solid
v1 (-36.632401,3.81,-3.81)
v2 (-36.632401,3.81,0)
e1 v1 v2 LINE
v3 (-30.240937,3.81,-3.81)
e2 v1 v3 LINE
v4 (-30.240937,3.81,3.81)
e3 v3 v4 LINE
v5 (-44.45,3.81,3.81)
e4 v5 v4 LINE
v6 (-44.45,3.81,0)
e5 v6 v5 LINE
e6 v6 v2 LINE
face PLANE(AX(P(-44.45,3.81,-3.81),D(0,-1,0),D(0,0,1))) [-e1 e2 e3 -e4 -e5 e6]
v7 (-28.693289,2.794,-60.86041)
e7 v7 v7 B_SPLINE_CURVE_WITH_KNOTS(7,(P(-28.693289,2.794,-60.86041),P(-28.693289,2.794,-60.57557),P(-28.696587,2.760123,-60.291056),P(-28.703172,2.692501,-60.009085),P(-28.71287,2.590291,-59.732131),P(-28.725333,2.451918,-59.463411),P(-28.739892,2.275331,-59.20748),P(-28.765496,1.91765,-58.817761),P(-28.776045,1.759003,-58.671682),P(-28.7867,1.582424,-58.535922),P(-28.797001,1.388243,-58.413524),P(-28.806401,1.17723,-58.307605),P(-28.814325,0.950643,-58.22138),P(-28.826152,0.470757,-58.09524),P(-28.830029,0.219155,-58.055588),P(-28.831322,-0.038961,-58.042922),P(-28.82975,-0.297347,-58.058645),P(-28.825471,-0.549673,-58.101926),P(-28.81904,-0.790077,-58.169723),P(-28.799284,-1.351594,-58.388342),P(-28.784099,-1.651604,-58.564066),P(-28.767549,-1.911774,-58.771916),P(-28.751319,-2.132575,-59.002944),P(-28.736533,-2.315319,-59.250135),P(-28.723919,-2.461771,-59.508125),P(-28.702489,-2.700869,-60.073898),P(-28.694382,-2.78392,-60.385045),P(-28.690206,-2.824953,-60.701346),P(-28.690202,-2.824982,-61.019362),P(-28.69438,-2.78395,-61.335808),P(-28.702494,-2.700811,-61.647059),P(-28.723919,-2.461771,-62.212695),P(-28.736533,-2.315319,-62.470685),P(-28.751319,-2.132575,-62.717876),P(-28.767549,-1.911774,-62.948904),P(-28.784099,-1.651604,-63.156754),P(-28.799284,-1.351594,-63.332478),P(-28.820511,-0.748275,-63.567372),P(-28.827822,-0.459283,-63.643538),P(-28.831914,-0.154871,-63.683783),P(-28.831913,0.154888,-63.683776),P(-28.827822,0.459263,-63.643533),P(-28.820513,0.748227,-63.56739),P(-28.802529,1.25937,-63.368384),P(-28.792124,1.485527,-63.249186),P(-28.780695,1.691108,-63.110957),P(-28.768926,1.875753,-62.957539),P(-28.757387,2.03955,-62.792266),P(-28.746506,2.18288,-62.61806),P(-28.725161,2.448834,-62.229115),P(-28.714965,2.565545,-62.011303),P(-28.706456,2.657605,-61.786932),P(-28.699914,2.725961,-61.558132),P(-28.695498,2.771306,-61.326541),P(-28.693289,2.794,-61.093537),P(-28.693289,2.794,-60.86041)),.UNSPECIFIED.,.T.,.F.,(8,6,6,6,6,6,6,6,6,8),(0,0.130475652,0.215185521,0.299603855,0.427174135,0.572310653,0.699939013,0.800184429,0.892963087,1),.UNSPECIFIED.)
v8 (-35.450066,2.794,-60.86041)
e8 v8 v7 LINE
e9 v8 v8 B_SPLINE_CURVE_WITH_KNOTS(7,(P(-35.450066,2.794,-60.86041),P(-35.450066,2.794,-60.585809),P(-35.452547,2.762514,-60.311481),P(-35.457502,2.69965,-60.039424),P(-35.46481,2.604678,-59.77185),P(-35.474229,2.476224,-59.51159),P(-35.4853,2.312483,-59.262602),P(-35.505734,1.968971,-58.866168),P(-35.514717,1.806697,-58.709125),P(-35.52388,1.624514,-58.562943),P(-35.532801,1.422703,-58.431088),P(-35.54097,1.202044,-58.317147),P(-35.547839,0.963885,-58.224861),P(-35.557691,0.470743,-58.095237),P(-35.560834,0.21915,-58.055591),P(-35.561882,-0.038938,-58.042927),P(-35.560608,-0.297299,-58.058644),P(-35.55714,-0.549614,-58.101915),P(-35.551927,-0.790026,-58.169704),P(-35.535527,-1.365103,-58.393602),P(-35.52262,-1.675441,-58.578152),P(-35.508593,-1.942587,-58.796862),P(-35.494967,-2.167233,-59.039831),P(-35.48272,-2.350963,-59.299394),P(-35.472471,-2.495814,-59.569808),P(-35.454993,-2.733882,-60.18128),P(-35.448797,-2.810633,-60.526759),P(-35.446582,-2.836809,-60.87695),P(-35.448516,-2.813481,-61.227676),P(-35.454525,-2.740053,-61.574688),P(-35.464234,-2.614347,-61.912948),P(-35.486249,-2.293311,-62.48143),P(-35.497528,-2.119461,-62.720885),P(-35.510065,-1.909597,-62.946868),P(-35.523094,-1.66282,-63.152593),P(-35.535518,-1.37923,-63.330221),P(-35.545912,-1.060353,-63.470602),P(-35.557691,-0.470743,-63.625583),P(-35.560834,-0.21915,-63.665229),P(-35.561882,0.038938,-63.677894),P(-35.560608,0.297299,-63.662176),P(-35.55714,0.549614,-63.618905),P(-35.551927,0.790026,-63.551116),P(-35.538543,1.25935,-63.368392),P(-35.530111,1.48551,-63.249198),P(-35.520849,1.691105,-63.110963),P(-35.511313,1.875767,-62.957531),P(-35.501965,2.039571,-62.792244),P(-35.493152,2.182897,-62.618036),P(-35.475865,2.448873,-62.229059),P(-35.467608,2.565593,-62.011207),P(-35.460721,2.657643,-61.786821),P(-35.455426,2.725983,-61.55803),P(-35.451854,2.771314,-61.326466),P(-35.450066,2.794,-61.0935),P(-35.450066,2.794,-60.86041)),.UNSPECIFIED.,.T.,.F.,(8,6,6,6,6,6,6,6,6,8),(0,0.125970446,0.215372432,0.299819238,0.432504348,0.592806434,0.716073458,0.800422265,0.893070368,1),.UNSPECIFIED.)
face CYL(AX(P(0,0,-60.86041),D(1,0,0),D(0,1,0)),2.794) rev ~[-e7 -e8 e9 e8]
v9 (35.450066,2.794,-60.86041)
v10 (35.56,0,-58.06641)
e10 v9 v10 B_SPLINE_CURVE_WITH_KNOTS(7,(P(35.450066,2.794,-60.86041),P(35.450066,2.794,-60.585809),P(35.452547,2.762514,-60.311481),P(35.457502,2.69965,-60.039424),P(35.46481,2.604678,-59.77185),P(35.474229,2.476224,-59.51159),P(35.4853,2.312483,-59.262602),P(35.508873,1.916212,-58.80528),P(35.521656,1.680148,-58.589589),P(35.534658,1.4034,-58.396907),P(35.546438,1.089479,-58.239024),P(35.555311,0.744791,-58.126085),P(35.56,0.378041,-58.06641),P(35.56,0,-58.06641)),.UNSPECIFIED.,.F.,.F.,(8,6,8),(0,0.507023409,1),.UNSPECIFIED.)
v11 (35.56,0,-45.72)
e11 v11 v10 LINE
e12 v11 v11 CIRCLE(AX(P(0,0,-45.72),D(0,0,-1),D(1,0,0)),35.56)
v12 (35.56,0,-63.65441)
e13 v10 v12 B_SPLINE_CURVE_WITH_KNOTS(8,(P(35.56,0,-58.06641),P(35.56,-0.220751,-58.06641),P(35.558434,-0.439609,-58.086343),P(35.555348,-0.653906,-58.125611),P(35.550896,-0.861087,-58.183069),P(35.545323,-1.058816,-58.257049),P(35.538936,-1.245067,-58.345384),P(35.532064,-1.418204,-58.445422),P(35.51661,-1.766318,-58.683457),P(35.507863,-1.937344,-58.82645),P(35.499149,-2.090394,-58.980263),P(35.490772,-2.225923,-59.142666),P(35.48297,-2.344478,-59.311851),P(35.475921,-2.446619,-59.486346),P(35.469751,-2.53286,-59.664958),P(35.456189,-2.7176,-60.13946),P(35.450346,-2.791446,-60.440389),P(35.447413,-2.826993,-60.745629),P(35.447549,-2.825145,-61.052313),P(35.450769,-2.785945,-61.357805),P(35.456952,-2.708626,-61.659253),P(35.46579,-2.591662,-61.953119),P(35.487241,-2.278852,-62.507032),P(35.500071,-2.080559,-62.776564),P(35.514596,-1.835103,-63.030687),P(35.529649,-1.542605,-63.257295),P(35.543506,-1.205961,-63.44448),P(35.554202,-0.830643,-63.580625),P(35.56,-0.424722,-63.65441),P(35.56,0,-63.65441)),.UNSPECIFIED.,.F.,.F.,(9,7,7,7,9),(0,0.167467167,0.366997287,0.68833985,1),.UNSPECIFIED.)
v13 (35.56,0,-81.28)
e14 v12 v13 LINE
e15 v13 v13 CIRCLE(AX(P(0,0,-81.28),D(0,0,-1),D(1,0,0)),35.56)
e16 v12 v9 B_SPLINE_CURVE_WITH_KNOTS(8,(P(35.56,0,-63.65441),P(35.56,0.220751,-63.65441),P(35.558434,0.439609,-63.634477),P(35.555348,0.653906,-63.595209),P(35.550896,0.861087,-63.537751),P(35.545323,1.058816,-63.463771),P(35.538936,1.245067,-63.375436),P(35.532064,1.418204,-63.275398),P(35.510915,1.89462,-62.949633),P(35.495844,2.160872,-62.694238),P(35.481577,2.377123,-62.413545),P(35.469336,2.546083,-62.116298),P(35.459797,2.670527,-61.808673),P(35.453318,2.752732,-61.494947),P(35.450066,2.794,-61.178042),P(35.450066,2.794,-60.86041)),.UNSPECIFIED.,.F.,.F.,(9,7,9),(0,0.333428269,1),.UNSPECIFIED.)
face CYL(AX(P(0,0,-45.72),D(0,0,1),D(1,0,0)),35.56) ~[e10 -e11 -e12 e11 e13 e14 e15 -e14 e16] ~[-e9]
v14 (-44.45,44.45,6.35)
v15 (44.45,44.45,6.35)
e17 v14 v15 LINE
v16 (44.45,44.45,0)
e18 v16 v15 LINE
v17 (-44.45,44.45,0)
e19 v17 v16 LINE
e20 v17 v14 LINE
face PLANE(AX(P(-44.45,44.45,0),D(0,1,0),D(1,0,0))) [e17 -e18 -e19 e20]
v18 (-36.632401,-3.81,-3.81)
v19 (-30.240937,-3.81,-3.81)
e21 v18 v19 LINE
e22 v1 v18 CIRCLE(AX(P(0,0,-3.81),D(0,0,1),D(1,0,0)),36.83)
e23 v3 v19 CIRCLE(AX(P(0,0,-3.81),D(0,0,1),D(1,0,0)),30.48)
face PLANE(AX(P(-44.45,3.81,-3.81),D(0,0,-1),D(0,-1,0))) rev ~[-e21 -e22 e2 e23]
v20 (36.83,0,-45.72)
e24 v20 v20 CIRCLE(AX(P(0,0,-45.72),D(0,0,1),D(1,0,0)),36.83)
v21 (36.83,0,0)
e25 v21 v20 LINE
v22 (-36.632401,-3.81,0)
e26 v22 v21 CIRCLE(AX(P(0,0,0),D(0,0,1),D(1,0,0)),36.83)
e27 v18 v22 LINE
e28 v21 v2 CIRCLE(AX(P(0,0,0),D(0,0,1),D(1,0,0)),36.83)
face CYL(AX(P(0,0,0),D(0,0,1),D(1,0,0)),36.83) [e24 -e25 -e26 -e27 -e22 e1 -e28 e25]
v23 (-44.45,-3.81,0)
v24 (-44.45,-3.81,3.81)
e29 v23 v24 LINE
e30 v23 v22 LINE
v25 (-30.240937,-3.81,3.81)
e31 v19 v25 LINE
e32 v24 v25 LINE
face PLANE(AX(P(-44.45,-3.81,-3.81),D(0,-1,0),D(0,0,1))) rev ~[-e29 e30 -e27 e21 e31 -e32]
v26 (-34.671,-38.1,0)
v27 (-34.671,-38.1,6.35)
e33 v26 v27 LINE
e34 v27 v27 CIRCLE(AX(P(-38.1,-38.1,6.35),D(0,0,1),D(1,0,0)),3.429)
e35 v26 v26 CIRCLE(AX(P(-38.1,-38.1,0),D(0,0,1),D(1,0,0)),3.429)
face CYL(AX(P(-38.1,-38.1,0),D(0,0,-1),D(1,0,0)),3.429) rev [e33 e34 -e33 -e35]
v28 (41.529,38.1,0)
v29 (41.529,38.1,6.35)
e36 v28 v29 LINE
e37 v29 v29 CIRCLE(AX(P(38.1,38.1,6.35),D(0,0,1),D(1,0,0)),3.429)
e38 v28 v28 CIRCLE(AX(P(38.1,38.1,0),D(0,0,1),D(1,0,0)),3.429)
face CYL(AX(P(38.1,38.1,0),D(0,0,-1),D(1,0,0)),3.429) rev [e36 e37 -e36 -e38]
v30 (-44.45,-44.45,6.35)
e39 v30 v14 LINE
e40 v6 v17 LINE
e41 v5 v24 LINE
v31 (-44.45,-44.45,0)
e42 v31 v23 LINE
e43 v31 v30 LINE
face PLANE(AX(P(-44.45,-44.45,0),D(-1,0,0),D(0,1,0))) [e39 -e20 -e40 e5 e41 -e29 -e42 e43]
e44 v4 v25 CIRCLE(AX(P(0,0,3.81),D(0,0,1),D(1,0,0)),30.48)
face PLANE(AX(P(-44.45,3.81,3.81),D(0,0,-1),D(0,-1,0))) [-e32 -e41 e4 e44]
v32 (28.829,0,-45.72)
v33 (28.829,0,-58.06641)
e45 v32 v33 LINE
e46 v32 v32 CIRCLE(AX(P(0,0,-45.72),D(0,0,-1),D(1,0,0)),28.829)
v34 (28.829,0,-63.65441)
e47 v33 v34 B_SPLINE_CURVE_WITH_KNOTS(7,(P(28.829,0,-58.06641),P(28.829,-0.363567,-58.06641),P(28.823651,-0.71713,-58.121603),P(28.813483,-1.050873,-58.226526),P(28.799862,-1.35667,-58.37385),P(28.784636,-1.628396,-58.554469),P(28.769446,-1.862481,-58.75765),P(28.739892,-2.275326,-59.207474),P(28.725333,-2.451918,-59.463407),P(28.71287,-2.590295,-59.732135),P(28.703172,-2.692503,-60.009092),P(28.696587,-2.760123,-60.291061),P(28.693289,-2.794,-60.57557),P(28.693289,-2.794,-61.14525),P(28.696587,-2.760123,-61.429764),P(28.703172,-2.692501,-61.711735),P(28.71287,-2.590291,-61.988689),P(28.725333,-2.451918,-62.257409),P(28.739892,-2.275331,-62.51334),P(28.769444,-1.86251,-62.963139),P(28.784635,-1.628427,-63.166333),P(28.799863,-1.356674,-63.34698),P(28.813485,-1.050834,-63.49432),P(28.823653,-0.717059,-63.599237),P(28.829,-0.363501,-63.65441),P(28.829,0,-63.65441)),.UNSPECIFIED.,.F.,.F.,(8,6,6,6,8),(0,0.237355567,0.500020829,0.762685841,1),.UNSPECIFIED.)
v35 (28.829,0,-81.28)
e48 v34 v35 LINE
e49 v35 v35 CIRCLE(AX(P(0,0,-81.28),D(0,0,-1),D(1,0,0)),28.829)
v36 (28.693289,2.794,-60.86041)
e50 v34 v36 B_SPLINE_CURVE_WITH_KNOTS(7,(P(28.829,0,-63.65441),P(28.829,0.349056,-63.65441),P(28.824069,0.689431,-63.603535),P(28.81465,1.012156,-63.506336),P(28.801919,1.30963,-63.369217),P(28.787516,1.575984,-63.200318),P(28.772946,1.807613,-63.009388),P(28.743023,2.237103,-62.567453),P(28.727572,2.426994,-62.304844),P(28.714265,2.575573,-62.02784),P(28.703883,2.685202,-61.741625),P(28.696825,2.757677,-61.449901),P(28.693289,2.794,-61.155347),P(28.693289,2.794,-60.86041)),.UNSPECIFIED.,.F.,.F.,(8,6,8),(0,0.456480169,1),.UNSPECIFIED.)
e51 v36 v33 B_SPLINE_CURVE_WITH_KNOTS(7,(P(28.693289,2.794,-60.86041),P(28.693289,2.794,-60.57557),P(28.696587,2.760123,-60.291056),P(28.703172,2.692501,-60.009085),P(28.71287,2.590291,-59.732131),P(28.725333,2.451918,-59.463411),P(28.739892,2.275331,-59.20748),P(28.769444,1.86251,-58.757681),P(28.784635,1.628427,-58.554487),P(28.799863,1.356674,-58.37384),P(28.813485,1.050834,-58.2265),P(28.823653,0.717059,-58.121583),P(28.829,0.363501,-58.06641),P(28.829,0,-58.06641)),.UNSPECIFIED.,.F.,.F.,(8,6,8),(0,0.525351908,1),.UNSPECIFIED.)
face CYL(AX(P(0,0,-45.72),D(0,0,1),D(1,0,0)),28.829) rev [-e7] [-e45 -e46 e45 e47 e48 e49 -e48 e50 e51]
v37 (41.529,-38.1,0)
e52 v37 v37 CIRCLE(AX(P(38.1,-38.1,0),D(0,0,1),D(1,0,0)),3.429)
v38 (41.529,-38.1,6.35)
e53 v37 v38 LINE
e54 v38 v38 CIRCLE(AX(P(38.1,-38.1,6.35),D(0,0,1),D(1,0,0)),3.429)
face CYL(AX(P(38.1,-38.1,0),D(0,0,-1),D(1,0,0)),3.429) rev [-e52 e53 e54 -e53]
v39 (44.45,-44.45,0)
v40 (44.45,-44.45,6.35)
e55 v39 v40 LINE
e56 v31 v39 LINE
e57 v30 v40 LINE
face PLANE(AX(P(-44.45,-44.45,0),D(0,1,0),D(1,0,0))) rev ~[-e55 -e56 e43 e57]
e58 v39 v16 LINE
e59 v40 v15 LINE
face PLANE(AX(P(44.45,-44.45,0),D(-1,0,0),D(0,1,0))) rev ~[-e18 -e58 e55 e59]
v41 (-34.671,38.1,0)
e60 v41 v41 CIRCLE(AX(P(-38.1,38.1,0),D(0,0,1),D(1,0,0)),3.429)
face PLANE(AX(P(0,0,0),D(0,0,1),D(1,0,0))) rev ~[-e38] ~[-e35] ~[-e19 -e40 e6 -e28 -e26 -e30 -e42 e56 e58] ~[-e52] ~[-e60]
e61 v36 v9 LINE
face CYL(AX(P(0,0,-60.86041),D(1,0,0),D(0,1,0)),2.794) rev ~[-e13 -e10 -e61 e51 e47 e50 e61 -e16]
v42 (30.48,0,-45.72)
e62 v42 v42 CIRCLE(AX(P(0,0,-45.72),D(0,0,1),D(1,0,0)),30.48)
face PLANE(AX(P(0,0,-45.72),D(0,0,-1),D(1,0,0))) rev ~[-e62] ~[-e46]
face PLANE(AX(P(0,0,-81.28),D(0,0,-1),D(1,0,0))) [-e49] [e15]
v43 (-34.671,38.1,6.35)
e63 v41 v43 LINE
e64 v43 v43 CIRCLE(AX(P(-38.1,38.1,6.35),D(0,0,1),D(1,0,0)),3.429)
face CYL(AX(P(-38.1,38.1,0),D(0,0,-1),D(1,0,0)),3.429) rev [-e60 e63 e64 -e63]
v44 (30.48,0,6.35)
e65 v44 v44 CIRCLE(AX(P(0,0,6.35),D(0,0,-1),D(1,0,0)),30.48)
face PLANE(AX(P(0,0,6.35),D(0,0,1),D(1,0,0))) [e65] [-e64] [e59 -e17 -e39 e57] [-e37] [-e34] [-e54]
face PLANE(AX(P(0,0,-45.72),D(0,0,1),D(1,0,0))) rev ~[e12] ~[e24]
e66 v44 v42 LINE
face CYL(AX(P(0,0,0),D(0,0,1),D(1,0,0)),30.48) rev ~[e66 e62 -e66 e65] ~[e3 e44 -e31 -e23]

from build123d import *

# Parameters (mm, degrees)
F0_W      = 88.9
F0_H      = 88.9
F0_R      = 3.429
F1_DEPTH  = 6.35
F2_R      = 30.48
F3_DEPTH  = 6.351
F4_R      = 36.83
F4_R_2    = 30.48
F5_DEPTH  = 45.72
F6_R      = 35.56
F6_R_2    = 28.829
F7_DEPTH  = 35.56
F9_W      = 7.62
F9_H      = 7.62
F10_DEPTH = 25.49487
F11_R     = 2.794
F12_DEPTH = 44.45


with BuildPart() as f1:
    # F0 (on Top) → F1 (new body)
    with BuildSketch(Plane.XY):
        Rectangle(F0_W, F0_H)
        with Locations((-38.1, -38.1)):
            Circle(F0_R, mode=Mode.SUBTRACT)
        with Locations((38.1, -38.1)):
            Circle(F0_R, mode=Mode.SUBTRACT)
        with Locations((-38.1, 38.1)):
            Circle(F0_R, mode=Mode.SUBTRACT)
        with Locations((38.1, 38.1)):
            Circle(F0_R, mode=Mode.SUBTRACT)
    extrude(amount=F1_DEPTH)

    # F2 (on face) → F3 (cut, through all)
    with BuildSketch(Plane(origin=(0, 0, 0), x_dir=(1, 0, 0), z_dir=(0, 0, -1))):
        Circle(F2_R)
    extrude(amount=-F3_DEPTH, mode=Mode.SUBTRACT)

    # F4 (on Top) → F5 (join)
    with BuildSketch(Plane.XY):
        Circle(F4_R)
        Circle(F4_R_2, mode=Mode.SUBTRACT)
    extrude(amount=-F5_DEPTH)

    # F6 (on face) → F7 (join)
    with BuildSketch(Plane(origin=(0, 0, -45.72), x_dir=(1, 0, 0), z_dir=(0, 0, -1))):
        Circle(F6_R)
        Circle(F6_R_2, mode=Mode.SUBTRACT)
    extrude(amount=F7_DEPTH)

    # F9 (on face) → F10 (cut)
    with BuildSketch(Plane(origin=(-44.45, 0, 0), x_dir=(0, -1, 0), z_dir=(-1, 0, 0))):
        Rectangle(F9_W, F9_H)
    extrude(amount=-F10_DEPTH, mode=Mode.SUBTRACT)

    # F11 (on Right) → F12 (cut, symmetric)
    with BuildSketch(Plane.YZ):
        with Locations((0, -60.8604100329)):
            Circle(F11_R)
    extrude(amount=F12_DEPTH, both=True, mode=Mode.SUBTRACT)


solid = f1.part
